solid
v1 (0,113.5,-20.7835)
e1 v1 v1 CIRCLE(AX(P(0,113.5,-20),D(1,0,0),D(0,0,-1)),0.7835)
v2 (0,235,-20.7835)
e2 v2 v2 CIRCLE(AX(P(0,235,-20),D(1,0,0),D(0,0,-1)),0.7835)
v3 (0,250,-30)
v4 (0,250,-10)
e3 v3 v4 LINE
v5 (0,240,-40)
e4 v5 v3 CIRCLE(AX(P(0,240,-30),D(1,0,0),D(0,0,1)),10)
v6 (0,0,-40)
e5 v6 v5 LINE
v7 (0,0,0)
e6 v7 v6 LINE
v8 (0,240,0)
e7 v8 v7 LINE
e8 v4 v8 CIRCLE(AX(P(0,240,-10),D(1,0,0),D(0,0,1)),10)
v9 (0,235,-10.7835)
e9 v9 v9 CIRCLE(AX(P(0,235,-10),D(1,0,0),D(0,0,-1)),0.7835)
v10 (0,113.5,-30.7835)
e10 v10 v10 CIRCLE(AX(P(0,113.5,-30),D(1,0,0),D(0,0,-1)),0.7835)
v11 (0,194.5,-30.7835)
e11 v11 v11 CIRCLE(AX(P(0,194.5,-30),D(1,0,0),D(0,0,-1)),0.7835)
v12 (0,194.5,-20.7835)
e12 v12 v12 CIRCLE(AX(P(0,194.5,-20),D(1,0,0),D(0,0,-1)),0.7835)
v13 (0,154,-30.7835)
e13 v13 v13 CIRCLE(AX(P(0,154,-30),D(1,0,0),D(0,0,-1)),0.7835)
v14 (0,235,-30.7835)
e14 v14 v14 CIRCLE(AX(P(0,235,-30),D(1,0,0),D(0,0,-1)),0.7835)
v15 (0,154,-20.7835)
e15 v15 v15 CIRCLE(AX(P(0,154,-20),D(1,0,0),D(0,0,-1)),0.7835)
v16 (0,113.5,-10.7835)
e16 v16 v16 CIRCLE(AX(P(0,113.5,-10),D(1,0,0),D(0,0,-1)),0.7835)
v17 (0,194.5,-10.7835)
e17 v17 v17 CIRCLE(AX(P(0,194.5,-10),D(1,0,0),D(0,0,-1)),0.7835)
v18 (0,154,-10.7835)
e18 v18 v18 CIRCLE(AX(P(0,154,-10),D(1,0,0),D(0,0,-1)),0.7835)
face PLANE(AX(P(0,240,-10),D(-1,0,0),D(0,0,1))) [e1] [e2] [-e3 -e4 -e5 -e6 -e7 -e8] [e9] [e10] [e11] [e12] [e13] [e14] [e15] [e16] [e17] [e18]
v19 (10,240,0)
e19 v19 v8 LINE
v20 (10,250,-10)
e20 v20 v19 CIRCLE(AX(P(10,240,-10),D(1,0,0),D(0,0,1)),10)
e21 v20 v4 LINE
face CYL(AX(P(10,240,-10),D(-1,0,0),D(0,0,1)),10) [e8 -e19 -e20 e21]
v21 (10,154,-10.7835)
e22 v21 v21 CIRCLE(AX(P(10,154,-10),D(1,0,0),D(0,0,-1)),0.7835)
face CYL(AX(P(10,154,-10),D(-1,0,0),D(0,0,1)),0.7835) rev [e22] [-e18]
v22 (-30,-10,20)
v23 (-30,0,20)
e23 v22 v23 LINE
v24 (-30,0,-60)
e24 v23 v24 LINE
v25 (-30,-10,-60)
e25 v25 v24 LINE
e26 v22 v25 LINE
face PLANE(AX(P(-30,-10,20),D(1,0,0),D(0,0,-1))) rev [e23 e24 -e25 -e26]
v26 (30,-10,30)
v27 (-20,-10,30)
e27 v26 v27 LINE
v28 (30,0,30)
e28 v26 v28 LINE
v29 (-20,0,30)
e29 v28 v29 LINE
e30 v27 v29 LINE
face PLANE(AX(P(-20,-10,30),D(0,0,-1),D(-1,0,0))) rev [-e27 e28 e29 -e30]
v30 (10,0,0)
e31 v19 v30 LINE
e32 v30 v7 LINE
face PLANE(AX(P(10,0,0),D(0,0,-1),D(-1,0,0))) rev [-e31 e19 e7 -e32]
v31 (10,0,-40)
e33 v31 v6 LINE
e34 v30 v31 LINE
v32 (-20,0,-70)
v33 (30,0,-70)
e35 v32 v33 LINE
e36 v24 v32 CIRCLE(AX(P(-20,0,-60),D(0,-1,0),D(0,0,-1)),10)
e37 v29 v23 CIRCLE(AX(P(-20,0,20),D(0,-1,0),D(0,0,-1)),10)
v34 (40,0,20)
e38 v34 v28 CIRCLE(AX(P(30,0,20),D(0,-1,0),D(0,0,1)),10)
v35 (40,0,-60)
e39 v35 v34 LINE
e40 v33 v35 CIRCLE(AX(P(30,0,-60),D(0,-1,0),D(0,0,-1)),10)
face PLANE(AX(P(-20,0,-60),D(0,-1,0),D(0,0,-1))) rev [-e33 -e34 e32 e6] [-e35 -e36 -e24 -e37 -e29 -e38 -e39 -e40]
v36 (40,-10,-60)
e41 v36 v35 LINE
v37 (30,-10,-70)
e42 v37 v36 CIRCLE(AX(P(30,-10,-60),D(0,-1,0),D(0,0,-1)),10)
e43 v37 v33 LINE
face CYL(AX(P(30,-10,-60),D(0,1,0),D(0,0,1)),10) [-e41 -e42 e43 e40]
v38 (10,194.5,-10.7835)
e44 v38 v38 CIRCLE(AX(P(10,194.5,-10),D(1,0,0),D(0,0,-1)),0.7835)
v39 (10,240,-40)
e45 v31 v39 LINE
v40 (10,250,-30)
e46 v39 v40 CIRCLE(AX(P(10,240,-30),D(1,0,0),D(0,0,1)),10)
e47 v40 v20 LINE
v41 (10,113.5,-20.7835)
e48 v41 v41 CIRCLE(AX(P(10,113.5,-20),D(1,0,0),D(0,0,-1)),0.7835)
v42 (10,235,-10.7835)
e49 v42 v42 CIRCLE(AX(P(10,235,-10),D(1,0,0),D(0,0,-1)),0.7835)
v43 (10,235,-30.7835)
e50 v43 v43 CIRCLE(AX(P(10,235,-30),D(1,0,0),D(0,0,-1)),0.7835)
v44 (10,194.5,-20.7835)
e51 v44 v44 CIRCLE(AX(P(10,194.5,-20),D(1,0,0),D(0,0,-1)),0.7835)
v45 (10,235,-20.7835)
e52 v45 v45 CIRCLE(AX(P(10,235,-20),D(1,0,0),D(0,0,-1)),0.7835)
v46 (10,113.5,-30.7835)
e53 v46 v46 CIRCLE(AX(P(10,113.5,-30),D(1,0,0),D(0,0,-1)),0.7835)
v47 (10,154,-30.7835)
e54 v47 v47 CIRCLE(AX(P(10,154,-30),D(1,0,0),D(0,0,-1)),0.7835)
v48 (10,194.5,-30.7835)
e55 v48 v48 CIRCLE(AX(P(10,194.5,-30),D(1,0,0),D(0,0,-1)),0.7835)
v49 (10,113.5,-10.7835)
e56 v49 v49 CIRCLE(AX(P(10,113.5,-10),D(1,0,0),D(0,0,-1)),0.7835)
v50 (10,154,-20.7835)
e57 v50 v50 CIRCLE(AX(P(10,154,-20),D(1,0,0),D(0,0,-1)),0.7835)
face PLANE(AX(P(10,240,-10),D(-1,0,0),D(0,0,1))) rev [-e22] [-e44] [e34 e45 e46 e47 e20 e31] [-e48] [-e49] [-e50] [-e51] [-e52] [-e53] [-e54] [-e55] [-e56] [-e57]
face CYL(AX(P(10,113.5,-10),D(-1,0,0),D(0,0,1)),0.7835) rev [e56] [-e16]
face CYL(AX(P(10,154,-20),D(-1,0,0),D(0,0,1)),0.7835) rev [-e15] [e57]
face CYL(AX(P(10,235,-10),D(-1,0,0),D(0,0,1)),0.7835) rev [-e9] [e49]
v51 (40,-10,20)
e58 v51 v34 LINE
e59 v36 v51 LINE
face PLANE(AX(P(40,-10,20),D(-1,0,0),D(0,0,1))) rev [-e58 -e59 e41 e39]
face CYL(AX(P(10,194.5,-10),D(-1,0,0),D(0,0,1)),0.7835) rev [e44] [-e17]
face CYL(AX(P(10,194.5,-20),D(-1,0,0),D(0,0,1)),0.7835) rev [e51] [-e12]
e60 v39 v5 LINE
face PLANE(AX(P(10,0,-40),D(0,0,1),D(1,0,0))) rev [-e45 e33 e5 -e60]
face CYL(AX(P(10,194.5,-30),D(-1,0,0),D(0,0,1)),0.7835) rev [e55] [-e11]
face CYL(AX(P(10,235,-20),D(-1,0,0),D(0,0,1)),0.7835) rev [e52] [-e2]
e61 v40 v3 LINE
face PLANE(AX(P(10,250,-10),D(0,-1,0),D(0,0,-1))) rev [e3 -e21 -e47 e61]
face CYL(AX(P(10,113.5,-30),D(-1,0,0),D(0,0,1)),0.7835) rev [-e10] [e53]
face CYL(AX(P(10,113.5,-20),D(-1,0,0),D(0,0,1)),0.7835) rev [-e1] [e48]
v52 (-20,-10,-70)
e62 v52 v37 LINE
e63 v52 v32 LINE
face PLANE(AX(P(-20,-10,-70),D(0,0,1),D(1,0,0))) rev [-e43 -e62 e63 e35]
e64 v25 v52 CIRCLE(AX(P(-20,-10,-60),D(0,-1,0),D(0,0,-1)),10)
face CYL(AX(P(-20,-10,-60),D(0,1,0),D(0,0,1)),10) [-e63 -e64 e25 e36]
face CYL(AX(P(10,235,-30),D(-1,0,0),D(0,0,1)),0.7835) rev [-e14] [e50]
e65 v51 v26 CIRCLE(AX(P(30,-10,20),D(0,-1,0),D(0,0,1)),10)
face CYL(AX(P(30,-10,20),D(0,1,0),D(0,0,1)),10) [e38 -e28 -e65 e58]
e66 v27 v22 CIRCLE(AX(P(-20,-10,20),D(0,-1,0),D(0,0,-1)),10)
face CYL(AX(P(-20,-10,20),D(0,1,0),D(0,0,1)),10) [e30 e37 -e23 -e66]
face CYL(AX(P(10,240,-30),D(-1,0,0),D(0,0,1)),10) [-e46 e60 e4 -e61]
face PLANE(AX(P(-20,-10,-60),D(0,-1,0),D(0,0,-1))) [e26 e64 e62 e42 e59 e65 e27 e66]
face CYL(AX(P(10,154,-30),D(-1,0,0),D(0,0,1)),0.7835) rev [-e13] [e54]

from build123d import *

# Parameters (mm, degrees)
SKETCH_1_R      = 0.7835
EXTRUDE_1_DEPTH = 10
EXTRUDE_2_DEPTH = 10


with BuildPart() as part:
    # 草图1 → 凸台-拉伸1 (new body)
    with BuildSketch(Plane(origin=(0, 0, 0), x_dir=(0, 0, -1), z_dir=(1, 0, 0))):
        with BuildLine():
            Line((0, 0), (40, 0))
            Line((40, 0), (40, 240))
            ThreePointArc((40, 240), (37.071067812, 247.071067812), (30, 250))
            Line((30, 250), (10, 250))
            ThreePointArc((10, 250), (2.928932188, 247.071067812), (0, 240))
            Line((0, 240), (0, 0))
        make_face()
        with Locations((10, 235)):
            Circle(SKETCH_1_R, mode=Mode.SUBTRACT)
        with Locations((20, 235)):
            Circle(SKETCH_1_R, mode=Mode.SUBTRACT)
        with Locations((30, 235)):
            Circle(SKETCH_1_R, mode=Mode.SUBTRACT)
        with Locations((10, 194.5)):
            Circle(SKETCH_1_R, mode=Mode.SUBTRACT)
        with Locations((20, 194.5)):
            Circle(SKETCH_1_R, mode=Mode.SUBTRACT)
        with Locations((30, 194.5)):
            Circle(SKETCH_1_R, mode=Mode.SUBTRACT)
        with Locations((10, 154)):
            Circle(SKETCH_1_R, mode=Mode.SUBTRACT)
        with Locations((20, 154)):
            Circle(SKETCH_1_R, mode=Mode.SUBTRACT)
        with Locations((30, 154)):
            Circle(SKETCH_1_R, mode=Mode.SUBTRACT)
        with Locations((10, 113.5)):
            Circle(SKETCH_1_R, mode=Mode.SUBTRACT)
        with Locations((20, 113.5)):
            Circle(SKETCH_1_R, mode=Mode.SUBTRACT)
        with Locations((30, 113.5)):
            Circle(SKETCH_1_R, mode=Mode.SUBTRACT)
    extrude(amount=EXTRUDE_1_DEPTH)

    # 草图2 → 凸台-拉伸2 (add)
    with BuildSketch(Plane.XZ):
        with BuildLine():
            Line((-20, 30), (30, 30))
            ThreePointArc((30, 30), (37.071067812, 27.071067812), (40, 20))
            Line((40, 20), (40, -60))
            ThreePointArc((40, -60), (37.071067812, -67.071067812), (30, -70))
            Line((30, -70), (-20, -70))
            ThreePointArc((-20, -70), (-27.071067812, -67.071067812), (-30, -60))
            Line((-30, -60), (-30, 20))
            ThreePointArc((-30, 20), (-27.071067812, 27.071067812), (-20, 30))
        make_face()
    extrude(amount=EXTRUDE_2_DEPTH)


solid = part.part
